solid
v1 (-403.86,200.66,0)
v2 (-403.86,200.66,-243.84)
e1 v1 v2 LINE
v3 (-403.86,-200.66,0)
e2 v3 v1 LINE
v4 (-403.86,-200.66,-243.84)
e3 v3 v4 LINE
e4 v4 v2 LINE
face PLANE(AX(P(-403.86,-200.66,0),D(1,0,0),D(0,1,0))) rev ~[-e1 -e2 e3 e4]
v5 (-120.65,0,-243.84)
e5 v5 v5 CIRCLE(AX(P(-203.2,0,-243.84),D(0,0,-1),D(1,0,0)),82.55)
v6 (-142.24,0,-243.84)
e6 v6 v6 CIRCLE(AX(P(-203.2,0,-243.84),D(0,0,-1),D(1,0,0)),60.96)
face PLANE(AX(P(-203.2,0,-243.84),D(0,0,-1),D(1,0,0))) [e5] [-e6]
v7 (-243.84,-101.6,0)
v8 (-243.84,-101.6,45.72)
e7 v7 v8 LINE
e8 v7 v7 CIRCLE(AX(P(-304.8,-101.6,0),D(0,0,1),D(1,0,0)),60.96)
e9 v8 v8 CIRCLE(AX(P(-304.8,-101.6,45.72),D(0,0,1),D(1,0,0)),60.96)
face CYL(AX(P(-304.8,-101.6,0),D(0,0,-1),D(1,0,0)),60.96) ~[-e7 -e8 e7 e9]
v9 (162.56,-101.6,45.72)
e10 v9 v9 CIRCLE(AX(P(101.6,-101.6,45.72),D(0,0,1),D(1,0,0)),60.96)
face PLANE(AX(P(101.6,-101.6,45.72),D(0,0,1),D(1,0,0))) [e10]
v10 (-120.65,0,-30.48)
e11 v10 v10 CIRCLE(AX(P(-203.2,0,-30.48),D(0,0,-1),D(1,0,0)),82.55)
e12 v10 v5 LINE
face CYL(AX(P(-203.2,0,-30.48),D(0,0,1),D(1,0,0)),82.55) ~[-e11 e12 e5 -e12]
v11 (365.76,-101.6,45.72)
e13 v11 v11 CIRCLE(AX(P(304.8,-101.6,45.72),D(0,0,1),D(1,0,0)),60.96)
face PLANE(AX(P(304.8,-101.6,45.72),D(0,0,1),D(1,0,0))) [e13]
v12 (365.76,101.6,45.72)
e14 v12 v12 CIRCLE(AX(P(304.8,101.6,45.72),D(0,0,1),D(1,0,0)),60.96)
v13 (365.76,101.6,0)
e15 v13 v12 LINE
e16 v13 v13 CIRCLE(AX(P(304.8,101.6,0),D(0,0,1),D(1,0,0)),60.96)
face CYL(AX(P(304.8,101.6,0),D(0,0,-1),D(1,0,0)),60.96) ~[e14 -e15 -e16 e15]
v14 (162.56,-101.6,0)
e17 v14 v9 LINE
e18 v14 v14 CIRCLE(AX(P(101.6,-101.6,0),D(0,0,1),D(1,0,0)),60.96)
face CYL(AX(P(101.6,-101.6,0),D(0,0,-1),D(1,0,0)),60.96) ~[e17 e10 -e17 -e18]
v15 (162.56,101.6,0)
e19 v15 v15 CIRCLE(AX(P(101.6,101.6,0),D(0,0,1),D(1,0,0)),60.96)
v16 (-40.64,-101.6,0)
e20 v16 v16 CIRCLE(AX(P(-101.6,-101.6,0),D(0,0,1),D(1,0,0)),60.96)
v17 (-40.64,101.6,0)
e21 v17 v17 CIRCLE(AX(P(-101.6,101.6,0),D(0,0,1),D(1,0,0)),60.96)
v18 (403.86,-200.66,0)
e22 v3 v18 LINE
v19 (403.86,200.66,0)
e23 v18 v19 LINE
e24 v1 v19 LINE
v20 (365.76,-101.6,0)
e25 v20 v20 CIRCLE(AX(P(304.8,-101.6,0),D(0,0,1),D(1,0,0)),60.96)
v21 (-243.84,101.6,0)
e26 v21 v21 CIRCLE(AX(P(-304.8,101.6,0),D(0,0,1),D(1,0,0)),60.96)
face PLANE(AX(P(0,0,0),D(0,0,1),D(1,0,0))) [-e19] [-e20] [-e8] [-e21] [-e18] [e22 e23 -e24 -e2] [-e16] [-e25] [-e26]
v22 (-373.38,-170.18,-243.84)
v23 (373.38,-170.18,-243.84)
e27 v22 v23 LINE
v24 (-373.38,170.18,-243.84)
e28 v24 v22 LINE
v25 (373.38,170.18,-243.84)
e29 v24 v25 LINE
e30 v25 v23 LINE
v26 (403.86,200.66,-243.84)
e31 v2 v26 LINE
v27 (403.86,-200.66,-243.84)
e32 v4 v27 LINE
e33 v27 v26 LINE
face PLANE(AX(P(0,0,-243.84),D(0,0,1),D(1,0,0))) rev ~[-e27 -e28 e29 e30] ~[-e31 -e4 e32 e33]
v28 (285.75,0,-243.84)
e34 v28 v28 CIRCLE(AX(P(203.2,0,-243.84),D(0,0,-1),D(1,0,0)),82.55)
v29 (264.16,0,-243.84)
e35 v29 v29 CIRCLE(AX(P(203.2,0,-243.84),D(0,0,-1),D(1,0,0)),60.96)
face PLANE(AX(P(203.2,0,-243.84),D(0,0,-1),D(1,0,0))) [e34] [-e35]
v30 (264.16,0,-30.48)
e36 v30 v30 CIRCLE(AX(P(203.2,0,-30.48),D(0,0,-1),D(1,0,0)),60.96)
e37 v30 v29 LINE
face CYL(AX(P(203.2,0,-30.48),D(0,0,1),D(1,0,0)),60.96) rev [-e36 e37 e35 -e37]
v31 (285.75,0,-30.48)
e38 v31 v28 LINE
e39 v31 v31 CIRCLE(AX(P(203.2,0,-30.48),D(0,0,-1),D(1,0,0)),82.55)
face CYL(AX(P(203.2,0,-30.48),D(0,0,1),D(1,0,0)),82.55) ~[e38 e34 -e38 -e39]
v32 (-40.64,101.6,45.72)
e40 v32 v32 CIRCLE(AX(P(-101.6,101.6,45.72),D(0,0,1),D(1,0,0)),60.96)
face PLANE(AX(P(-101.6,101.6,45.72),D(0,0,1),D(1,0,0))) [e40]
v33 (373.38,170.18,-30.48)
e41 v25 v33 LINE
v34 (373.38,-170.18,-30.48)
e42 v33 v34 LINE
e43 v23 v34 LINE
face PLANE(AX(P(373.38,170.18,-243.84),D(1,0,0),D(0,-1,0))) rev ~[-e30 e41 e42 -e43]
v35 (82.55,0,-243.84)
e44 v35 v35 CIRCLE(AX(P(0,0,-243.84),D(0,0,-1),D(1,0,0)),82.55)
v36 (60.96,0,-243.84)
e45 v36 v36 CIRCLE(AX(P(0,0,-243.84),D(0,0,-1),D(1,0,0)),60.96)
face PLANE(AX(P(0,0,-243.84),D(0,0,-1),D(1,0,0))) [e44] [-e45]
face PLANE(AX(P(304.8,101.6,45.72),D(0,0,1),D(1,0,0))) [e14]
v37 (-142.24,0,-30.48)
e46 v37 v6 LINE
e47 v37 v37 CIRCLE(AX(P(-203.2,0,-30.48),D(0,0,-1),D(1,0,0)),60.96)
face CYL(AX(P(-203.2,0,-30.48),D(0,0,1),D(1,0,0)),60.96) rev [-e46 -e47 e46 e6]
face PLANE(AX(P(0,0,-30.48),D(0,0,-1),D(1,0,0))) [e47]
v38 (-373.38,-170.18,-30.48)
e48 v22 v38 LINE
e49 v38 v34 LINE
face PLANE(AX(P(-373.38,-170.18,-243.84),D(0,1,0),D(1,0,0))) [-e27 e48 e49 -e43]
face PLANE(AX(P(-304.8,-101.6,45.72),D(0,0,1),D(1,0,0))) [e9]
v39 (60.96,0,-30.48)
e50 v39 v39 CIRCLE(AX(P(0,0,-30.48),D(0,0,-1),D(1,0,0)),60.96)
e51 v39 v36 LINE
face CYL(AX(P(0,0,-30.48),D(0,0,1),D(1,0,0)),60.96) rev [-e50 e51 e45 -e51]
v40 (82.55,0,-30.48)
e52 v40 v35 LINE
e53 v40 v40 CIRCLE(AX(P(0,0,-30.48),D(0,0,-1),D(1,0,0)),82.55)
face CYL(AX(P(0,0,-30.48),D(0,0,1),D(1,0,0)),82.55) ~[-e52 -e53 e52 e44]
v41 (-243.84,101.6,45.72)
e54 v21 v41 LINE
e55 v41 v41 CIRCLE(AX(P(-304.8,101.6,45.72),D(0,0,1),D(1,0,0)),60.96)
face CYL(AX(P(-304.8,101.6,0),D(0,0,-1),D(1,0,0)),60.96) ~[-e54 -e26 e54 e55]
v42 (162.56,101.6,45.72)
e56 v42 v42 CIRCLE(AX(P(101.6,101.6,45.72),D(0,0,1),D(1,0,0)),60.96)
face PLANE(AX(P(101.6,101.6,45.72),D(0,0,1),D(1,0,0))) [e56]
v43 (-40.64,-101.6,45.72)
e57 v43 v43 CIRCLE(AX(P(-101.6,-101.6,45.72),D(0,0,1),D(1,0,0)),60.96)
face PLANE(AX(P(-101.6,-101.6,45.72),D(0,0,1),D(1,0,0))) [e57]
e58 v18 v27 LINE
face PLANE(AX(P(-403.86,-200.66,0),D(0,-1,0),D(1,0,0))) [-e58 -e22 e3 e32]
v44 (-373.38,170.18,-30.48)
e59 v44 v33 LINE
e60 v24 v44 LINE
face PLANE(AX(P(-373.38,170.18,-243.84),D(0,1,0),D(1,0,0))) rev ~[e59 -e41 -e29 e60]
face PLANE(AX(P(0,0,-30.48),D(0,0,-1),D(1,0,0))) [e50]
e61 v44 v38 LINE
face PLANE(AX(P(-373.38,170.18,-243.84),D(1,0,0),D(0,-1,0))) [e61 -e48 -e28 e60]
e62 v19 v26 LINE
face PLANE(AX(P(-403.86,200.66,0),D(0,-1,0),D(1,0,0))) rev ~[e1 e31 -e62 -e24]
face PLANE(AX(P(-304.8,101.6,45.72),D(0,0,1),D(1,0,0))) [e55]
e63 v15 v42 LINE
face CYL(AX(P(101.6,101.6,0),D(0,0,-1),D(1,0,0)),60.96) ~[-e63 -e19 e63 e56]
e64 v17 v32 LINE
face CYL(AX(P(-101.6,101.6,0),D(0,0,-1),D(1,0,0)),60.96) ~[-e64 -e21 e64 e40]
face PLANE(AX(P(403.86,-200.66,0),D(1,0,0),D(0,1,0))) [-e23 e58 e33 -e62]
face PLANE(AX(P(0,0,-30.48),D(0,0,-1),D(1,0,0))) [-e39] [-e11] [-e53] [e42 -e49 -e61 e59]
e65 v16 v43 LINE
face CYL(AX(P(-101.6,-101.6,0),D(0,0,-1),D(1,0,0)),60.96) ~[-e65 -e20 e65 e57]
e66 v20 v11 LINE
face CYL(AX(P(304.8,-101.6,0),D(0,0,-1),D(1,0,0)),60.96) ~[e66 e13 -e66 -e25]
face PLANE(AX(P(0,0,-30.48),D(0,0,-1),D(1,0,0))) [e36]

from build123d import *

# Parameters (mm, degrees)
F0_W     = 807.72
F0_H     = 401.32
F2_DEPTH = 243.84
F1_R     = 60.96
F3_DEPTH = 45.72
F4_W     = 746.76
F4_H     = 340.36
F5_DEPTH = 213.36
F6_R     = 82.55
F6_R_2   = 60.96
F7_DEPTH = 213.36


with BuildPart() as f2:
    # F0 (on Top) → F2 (new body)
    with BuildSketch(Plane.XY):
        Rectangle(F0_W, F0_H)
    extrude(amount=-F2_DEPTH)

    # F1 (on Top) → F3 (join)
    with BuildSketch(Plane.XY):
        with Locations((-304.8, 101.6)):
            Circle(F1_R)
        with Locations((-101.6, 101.6)):
            Circle(F1_R)
        with Locations((101.6, 101.6)):
            Circle(F1_R)
        with Locations((304.8, 101.6)):
            Circle(F1_R)
        with Locations((304.8, -101.6)):
            Circle(F1_R)
        with Locations((101.6, -101.6)):
            Circle(F1_R)
        with Locations((-101.6, -101.6)):
            Circle(F1_R)
        with Locations((-304.8, -101.6)):
            Circle(F1_R)
    extrude(amount=F3_DEPTH)

    # F4 (on face) → F5 (cut)
    with BuildSketch(Plane(origin=(0, 0, -243.84), x_dir=(1, 0, 0), z_dir=(0, 0, -1))):
        Rectangle(F4_W, F4_H)
    extrude(amount=-F5_DEPTH, mode=Mode.SUBTRACT)

    # F6 (on face) → F7 (join)
    with BuildSketch(Plane(origin=(0, 0, -30.48), x_dir=(1, 0, 0), z_dir=(0, 0, -1))):
        with Locations((-203.2, 0)):
            Circle(F6_R)
        with Locations((-203.2, 0)):
            Circle(F6_R_2, mode=Mode.SUBTRACT)
        Circle(F6_R)
        Circle(F6_R_2, mode=Mode.SUBTRACT)
        with Locations((203.2, 0)):
            Circle(F6_R)
        with Locations((203.2, 0)):
            Circle(F6_R_2, mode=Mode.SUBTRACT)
    extrude(amount=F7_DEPTH)


solid = f2.part
